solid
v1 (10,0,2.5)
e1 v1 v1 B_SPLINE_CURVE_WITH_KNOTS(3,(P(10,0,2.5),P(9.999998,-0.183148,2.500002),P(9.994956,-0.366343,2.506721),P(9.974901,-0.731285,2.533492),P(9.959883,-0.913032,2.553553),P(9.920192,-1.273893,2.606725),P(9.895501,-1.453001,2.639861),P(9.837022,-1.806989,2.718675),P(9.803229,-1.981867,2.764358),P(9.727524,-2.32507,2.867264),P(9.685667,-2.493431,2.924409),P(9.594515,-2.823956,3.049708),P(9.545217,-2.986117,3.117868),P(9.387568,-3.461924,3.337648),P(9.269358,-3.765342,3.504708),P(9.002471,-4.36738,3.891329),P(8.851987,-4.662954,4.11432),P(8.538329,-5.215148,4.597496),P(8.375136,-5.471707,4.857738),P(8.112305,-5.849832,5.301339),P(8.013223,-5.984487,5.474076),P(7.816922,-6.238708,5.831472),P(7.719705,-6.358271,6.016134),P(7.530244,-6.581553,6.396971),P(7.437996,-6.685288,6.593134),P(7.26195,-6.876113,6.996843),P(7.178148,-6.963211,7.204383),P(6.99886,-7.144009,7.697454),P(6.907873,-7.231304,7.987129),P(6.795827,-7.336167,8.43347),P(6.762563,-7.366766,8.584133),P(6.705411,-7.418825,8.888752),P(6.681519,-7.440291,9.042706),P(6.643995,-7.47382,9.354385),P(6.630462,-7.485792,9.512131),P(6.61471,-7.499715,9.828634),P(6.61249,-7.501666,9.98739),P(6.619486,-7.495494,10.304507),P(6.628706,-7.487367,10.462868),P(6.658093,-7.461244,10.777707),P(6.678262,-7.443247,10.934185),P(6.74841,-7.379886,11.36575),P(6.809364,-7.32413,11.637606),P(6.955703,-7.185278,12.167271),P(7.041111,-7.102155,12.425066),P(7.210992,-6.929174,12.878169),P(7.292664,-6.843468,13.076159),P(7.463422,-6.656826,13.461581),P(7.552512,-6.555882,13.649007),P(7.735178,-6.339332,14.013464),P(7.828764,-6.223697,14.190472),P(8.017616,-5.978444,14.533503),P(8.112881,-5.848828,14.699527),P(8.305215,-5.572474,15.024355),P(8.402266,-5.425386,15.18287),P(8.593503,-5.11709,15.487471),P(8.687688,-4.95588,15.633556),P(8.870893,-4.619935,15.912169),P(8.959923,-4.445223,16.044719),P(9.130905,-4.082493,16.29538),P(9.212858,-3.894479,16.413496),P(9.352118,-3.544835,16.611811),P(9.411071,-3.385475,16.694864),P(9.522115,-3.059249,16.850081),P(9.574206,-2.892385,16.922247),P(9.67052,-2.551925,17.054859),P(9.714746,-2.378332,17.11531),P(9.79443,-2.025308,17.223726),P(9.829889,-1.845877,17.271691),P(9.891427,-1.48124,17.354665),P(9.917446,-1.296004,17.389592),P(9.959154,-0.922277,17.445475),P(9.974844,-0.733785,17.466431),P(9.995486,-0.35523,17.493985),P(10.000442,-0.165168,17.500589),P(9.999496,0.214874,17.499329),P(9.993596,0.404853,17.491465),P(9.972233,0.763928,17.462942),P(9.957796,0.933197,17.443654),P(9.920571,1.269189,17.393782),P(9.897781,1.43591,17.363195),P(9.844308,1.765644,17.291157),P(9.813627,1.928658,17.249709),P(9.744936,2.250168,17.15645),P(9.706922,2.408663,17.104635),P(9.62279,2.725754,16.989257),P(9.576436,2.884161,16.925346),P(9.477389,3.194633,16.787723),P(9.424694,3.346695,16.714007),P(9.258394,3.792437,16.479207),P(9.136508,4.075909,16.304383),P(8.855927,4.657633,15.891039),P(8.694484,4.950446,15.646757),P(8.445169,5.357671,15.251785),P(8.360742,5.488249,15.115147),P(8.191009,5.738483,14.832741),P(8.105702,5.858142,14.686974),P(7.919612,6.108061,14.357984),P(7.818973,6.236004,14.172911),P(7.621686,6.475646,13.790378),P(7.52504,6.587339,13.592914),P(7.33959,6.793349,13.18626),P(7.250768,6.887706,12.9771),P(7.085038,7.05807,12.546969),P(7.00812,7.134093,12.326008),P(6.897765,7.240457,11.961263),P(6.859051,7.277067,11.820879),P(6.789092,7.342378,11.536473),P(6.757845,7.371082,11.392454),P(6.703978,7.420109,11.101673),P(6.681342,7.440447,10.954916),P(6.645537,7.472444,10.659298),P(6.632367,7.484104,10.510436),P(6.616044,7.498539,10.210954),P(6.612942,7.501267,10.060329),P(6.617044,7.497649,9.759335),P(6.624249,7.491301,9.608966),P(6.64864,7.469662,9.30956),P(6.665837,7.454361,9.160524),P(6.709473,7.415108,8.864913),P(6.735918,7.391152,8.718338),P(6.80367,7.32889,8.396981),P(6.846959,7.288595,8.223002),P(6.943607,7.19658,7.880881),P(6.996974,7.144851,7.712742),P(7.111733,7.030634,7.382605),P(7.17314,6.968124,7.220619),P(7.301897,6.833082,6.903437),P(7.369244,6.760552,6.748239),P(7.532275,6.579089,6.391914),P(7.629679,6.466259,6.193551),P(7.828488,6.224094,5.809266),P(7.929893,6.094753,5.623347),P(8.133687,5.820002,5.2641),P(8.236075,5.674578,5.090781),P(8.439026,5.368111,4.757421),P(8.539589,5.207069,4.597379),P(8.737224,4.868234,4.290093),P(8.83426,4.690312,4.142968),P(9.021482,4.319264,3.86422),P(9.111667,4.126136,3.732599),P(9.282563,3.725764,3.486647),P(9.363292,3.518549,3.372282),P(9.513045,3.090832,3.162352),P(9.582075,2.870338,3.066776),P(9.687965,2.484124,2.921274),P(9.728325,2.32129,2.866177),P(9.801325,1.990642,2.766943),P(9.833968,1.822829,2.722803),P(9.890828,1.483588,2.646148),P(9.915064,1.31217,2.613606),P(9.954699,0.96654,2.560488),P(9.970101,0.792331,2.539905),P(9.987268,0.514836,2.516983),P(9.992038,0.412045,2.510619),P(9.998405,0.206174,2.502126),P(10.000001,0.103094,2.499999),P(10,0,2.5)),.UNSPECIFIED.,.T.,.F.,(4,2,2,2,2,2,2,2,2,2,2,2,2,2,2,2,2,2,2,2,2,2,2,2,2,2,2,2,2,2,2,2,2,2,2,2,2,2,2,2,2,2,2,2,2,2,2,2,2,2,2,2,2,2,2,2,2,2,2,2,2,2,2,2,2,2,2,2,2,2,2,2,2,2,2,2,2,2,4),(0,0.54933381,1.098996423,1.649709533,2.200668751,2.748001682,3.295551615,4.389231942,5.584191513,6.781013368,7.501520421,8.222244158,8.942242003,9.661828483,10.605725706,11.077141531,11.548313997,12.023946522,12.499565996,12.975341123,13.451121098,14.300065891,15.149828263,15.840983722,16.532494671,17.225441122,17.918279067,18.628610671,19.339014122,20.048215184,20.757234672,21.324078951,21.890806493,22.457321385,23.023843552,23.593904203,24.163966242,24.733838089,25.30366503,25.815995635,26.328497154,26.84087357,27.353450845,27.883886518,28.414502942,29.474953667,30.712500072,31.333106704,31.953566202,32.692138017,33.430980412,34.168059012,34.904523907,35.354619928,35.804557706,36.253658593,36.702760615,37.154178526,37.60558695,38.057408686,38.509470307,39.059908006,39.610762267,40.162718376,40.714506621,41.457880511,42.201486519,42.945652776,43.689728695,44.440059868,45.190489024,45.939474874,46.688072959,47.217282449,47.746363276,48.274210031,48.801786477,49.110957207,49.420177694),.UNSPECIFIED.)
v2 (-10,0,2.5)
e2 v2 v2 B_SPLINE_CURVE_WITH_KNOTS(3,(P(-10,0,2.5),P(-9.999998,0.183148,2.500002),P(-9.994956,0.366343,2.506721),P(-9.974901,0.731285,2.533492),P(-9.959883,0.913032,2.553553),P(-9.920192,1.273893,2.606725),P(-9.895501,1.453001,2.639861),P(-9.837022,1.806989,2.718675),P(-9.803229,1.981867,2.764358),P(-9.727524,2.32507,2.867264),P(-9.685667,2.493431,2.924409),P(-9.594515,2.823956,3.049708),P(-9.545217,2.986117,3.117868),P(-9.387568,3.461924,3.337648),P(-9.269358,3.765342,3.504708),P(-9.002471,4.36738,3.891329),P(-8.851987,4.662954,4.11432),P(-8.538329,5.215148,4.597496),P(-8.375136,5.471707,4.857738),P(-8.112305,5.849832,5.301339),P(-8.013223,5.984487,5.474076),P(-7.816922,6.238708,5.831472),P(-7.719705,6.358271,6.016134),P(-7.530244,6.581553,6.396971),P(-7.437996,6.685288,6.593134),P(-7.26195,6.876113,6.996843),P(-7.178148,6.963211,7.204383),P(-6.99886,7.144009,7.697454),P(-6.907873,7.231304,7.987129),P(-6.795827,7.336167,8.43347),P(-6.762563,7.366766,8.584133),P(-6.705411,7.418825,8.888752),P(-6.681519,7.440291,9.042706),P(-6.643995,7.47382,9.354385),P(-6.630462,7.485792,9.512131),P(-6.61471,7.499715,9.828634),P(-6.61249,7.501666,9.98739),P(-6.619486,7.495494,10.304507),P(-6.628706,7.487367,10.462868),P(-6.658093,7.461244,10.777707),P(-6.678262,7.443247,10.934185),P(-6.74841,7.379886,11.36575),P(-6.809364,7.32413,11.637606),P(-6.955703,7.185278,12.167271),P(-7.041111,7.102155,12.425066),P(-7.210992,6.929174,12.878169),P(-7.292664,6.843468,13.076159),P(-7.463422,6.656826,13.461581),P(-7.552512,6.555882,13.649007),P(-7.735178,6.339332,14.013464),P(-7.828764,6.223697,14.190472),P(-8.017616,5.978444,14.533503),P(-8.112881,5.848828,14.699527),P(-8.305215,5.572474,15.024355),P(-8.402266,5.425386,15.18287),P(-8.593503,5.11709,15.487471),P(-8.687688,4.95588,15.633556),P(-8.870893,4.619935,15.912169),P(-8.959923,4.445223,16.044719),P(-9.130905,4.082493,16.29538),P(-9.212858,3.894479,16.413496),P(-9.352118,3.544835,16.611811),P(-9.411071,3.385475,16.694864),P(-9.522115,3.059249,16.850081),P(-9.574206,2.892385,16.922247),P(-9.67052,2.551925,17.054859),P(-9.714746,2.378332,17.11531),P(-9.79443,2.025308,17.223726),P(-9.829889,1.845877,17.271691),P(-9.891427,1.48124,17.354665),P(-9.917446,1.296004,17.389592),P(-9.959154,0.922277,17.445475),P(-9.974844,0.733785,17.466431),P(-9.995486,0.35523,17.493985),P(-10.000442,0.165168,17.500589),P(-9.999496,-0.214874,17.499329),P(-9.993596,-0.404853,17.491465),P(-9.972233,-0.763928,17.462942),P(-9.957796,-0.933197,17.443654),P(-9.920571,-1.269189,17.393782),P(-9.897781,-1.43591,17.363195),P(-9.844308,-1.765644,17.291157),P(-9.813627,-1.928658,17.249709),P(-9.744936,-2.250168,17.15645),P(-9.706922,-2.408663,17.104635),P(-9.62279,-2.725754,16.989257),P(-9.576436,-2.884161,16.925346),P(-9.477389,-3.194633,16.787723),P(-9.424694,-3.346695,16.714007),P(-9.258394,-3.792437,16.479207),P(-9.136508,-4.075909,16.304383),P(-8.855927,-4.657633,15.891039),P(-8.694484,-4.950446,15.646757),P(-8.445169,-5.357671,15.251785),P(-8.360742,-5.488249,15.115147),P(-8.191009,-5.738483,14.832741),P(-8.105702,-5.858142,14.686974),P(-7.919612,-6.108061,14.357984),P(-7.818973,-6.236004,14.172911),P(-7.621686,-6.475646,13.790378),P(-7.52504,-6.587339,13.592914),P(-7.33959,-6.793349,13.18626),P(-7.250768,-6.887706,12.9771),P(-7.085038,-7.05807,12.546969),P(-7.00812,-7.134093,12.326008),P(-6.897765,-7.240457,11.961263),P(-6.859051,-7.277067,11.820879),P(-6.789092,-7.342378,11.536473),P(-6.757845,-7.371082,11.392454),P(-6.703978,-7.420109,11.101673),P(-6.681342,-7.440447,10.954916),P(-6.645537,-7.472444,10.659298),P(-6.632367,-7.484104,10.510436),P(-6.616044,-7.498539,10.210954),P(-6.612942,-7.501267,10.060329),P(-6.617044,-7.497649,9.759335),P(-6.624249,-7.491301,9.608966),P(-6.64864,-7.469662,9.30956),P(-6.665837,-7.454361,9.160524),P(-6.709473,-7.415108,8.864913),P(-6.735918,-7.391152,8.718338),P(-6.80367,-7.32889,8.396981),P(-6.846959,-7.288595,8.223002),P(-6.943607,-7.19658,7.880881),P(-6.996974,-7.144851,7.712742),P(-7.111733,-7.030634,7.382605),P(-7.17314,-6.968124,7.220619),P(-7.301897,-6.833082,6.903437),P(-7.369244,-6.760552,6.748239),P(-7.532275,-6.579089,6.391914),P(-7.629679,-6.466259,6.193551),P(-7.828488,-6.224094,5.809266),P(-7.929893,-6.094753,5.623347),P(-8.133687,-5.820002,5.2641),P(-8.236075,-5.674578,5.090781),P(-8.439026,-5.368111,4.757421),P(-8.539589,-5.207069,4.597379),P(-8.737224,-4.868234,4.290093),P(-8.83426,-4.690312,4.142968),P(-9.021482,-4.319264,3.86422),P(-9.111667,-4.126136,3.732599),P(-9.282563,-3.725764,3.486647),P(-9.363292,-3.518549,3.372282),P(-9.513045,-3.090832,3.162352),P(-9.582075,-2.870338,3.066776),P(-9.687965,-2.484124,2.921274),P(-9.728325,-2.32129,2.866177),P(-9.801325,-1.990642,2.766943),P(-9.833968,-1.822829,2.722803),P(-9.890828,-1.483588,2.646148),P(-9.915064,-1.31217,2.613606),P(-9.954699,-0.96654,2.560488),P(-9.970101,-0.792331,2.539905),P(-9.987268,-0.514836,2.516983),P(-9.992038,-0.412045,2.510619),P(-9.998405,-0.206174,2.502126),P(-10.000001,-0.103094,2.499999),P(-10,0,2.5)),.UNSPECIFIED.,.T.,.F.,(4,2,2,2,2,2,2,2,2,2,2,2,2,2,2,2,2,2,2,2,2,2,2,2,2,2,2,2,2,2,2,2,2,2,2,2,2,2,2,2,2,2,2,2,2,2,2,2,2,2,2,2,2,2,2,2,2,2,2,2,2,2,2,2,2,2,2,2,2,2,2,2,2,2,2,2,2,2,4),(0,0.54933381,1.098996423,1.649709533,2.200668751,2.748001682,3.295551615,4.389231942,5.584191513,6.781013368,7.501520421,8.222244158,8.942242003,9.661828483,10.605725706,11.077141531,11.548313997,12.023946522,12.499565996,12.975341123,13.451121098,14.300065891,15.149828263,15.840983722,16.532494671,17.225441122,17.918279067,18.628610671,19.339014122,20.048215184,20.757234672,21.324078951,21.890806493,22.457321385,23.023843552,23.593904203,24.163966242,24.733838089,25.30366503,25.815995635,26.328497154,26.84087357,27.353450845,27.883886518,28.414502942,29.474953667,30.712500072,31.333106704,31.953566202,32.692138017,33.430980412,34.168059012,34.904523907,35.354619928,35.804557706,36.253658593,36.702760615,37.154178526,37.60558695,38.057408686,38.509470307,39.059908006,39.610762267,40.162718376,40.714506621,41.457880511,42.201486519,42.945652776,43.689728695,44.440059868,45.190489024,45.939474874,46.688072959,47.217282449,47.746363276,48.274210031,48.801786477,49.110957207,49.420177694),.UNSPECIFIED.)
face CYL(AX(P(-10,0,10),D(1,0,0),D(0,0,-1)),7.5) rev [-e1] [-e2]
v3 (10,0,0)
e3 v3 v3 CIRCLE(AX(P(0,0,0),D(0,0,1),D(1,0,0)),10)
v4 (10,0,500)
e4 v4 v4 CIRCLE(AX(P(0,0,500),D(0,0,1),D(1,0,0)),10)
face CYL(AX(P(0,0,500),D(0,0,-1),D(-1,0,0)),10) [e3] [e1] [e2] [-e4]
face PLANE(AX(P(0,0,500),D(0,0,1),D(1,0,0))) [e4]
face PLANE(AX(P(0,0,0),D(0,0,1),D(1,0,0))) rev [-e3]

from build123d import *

# Parameters (mm, degrees)
SKETCH1_R               = 10
BOSS_EXTRUDE1_DEPTH     = 500
SKETCH2_R               = 7.5
CUT_EXTRUDE1_DEPTH      = 11
CUT_EXTRUDE1_DEPTH_BACK = 11


with BuildPart() as part:
    # Sketch1 → Boss-Extrude1 (new body)
    with BuildSketch(Plane.XY):
        Circle(SKETCH1_R)
    extrude(amount=BOSS_EXTRUDE1_DEPTH)

    # Sketch2 → Cut-Extrude1 (cut, two sides)
    with BuildSketch(Plane(origin=(0, 0, 0), x_dir=(0, 0, -1), z_dir=(1, 0, 0))) as cut_extrude1_sk:
        with Locations((-10, 0)):
            Circle(SKETCH2_R)
    extrude(amount=CUT_EXTRUDE1_DEPTH, mode=Mode.SUBTRACT)
    extrude(cut_extrude1_sk.sketch, amount=-CUT_EXTRUDE1_DEPTH_BACK, mode=Mode.SUBTRACT)


solid = part.part
